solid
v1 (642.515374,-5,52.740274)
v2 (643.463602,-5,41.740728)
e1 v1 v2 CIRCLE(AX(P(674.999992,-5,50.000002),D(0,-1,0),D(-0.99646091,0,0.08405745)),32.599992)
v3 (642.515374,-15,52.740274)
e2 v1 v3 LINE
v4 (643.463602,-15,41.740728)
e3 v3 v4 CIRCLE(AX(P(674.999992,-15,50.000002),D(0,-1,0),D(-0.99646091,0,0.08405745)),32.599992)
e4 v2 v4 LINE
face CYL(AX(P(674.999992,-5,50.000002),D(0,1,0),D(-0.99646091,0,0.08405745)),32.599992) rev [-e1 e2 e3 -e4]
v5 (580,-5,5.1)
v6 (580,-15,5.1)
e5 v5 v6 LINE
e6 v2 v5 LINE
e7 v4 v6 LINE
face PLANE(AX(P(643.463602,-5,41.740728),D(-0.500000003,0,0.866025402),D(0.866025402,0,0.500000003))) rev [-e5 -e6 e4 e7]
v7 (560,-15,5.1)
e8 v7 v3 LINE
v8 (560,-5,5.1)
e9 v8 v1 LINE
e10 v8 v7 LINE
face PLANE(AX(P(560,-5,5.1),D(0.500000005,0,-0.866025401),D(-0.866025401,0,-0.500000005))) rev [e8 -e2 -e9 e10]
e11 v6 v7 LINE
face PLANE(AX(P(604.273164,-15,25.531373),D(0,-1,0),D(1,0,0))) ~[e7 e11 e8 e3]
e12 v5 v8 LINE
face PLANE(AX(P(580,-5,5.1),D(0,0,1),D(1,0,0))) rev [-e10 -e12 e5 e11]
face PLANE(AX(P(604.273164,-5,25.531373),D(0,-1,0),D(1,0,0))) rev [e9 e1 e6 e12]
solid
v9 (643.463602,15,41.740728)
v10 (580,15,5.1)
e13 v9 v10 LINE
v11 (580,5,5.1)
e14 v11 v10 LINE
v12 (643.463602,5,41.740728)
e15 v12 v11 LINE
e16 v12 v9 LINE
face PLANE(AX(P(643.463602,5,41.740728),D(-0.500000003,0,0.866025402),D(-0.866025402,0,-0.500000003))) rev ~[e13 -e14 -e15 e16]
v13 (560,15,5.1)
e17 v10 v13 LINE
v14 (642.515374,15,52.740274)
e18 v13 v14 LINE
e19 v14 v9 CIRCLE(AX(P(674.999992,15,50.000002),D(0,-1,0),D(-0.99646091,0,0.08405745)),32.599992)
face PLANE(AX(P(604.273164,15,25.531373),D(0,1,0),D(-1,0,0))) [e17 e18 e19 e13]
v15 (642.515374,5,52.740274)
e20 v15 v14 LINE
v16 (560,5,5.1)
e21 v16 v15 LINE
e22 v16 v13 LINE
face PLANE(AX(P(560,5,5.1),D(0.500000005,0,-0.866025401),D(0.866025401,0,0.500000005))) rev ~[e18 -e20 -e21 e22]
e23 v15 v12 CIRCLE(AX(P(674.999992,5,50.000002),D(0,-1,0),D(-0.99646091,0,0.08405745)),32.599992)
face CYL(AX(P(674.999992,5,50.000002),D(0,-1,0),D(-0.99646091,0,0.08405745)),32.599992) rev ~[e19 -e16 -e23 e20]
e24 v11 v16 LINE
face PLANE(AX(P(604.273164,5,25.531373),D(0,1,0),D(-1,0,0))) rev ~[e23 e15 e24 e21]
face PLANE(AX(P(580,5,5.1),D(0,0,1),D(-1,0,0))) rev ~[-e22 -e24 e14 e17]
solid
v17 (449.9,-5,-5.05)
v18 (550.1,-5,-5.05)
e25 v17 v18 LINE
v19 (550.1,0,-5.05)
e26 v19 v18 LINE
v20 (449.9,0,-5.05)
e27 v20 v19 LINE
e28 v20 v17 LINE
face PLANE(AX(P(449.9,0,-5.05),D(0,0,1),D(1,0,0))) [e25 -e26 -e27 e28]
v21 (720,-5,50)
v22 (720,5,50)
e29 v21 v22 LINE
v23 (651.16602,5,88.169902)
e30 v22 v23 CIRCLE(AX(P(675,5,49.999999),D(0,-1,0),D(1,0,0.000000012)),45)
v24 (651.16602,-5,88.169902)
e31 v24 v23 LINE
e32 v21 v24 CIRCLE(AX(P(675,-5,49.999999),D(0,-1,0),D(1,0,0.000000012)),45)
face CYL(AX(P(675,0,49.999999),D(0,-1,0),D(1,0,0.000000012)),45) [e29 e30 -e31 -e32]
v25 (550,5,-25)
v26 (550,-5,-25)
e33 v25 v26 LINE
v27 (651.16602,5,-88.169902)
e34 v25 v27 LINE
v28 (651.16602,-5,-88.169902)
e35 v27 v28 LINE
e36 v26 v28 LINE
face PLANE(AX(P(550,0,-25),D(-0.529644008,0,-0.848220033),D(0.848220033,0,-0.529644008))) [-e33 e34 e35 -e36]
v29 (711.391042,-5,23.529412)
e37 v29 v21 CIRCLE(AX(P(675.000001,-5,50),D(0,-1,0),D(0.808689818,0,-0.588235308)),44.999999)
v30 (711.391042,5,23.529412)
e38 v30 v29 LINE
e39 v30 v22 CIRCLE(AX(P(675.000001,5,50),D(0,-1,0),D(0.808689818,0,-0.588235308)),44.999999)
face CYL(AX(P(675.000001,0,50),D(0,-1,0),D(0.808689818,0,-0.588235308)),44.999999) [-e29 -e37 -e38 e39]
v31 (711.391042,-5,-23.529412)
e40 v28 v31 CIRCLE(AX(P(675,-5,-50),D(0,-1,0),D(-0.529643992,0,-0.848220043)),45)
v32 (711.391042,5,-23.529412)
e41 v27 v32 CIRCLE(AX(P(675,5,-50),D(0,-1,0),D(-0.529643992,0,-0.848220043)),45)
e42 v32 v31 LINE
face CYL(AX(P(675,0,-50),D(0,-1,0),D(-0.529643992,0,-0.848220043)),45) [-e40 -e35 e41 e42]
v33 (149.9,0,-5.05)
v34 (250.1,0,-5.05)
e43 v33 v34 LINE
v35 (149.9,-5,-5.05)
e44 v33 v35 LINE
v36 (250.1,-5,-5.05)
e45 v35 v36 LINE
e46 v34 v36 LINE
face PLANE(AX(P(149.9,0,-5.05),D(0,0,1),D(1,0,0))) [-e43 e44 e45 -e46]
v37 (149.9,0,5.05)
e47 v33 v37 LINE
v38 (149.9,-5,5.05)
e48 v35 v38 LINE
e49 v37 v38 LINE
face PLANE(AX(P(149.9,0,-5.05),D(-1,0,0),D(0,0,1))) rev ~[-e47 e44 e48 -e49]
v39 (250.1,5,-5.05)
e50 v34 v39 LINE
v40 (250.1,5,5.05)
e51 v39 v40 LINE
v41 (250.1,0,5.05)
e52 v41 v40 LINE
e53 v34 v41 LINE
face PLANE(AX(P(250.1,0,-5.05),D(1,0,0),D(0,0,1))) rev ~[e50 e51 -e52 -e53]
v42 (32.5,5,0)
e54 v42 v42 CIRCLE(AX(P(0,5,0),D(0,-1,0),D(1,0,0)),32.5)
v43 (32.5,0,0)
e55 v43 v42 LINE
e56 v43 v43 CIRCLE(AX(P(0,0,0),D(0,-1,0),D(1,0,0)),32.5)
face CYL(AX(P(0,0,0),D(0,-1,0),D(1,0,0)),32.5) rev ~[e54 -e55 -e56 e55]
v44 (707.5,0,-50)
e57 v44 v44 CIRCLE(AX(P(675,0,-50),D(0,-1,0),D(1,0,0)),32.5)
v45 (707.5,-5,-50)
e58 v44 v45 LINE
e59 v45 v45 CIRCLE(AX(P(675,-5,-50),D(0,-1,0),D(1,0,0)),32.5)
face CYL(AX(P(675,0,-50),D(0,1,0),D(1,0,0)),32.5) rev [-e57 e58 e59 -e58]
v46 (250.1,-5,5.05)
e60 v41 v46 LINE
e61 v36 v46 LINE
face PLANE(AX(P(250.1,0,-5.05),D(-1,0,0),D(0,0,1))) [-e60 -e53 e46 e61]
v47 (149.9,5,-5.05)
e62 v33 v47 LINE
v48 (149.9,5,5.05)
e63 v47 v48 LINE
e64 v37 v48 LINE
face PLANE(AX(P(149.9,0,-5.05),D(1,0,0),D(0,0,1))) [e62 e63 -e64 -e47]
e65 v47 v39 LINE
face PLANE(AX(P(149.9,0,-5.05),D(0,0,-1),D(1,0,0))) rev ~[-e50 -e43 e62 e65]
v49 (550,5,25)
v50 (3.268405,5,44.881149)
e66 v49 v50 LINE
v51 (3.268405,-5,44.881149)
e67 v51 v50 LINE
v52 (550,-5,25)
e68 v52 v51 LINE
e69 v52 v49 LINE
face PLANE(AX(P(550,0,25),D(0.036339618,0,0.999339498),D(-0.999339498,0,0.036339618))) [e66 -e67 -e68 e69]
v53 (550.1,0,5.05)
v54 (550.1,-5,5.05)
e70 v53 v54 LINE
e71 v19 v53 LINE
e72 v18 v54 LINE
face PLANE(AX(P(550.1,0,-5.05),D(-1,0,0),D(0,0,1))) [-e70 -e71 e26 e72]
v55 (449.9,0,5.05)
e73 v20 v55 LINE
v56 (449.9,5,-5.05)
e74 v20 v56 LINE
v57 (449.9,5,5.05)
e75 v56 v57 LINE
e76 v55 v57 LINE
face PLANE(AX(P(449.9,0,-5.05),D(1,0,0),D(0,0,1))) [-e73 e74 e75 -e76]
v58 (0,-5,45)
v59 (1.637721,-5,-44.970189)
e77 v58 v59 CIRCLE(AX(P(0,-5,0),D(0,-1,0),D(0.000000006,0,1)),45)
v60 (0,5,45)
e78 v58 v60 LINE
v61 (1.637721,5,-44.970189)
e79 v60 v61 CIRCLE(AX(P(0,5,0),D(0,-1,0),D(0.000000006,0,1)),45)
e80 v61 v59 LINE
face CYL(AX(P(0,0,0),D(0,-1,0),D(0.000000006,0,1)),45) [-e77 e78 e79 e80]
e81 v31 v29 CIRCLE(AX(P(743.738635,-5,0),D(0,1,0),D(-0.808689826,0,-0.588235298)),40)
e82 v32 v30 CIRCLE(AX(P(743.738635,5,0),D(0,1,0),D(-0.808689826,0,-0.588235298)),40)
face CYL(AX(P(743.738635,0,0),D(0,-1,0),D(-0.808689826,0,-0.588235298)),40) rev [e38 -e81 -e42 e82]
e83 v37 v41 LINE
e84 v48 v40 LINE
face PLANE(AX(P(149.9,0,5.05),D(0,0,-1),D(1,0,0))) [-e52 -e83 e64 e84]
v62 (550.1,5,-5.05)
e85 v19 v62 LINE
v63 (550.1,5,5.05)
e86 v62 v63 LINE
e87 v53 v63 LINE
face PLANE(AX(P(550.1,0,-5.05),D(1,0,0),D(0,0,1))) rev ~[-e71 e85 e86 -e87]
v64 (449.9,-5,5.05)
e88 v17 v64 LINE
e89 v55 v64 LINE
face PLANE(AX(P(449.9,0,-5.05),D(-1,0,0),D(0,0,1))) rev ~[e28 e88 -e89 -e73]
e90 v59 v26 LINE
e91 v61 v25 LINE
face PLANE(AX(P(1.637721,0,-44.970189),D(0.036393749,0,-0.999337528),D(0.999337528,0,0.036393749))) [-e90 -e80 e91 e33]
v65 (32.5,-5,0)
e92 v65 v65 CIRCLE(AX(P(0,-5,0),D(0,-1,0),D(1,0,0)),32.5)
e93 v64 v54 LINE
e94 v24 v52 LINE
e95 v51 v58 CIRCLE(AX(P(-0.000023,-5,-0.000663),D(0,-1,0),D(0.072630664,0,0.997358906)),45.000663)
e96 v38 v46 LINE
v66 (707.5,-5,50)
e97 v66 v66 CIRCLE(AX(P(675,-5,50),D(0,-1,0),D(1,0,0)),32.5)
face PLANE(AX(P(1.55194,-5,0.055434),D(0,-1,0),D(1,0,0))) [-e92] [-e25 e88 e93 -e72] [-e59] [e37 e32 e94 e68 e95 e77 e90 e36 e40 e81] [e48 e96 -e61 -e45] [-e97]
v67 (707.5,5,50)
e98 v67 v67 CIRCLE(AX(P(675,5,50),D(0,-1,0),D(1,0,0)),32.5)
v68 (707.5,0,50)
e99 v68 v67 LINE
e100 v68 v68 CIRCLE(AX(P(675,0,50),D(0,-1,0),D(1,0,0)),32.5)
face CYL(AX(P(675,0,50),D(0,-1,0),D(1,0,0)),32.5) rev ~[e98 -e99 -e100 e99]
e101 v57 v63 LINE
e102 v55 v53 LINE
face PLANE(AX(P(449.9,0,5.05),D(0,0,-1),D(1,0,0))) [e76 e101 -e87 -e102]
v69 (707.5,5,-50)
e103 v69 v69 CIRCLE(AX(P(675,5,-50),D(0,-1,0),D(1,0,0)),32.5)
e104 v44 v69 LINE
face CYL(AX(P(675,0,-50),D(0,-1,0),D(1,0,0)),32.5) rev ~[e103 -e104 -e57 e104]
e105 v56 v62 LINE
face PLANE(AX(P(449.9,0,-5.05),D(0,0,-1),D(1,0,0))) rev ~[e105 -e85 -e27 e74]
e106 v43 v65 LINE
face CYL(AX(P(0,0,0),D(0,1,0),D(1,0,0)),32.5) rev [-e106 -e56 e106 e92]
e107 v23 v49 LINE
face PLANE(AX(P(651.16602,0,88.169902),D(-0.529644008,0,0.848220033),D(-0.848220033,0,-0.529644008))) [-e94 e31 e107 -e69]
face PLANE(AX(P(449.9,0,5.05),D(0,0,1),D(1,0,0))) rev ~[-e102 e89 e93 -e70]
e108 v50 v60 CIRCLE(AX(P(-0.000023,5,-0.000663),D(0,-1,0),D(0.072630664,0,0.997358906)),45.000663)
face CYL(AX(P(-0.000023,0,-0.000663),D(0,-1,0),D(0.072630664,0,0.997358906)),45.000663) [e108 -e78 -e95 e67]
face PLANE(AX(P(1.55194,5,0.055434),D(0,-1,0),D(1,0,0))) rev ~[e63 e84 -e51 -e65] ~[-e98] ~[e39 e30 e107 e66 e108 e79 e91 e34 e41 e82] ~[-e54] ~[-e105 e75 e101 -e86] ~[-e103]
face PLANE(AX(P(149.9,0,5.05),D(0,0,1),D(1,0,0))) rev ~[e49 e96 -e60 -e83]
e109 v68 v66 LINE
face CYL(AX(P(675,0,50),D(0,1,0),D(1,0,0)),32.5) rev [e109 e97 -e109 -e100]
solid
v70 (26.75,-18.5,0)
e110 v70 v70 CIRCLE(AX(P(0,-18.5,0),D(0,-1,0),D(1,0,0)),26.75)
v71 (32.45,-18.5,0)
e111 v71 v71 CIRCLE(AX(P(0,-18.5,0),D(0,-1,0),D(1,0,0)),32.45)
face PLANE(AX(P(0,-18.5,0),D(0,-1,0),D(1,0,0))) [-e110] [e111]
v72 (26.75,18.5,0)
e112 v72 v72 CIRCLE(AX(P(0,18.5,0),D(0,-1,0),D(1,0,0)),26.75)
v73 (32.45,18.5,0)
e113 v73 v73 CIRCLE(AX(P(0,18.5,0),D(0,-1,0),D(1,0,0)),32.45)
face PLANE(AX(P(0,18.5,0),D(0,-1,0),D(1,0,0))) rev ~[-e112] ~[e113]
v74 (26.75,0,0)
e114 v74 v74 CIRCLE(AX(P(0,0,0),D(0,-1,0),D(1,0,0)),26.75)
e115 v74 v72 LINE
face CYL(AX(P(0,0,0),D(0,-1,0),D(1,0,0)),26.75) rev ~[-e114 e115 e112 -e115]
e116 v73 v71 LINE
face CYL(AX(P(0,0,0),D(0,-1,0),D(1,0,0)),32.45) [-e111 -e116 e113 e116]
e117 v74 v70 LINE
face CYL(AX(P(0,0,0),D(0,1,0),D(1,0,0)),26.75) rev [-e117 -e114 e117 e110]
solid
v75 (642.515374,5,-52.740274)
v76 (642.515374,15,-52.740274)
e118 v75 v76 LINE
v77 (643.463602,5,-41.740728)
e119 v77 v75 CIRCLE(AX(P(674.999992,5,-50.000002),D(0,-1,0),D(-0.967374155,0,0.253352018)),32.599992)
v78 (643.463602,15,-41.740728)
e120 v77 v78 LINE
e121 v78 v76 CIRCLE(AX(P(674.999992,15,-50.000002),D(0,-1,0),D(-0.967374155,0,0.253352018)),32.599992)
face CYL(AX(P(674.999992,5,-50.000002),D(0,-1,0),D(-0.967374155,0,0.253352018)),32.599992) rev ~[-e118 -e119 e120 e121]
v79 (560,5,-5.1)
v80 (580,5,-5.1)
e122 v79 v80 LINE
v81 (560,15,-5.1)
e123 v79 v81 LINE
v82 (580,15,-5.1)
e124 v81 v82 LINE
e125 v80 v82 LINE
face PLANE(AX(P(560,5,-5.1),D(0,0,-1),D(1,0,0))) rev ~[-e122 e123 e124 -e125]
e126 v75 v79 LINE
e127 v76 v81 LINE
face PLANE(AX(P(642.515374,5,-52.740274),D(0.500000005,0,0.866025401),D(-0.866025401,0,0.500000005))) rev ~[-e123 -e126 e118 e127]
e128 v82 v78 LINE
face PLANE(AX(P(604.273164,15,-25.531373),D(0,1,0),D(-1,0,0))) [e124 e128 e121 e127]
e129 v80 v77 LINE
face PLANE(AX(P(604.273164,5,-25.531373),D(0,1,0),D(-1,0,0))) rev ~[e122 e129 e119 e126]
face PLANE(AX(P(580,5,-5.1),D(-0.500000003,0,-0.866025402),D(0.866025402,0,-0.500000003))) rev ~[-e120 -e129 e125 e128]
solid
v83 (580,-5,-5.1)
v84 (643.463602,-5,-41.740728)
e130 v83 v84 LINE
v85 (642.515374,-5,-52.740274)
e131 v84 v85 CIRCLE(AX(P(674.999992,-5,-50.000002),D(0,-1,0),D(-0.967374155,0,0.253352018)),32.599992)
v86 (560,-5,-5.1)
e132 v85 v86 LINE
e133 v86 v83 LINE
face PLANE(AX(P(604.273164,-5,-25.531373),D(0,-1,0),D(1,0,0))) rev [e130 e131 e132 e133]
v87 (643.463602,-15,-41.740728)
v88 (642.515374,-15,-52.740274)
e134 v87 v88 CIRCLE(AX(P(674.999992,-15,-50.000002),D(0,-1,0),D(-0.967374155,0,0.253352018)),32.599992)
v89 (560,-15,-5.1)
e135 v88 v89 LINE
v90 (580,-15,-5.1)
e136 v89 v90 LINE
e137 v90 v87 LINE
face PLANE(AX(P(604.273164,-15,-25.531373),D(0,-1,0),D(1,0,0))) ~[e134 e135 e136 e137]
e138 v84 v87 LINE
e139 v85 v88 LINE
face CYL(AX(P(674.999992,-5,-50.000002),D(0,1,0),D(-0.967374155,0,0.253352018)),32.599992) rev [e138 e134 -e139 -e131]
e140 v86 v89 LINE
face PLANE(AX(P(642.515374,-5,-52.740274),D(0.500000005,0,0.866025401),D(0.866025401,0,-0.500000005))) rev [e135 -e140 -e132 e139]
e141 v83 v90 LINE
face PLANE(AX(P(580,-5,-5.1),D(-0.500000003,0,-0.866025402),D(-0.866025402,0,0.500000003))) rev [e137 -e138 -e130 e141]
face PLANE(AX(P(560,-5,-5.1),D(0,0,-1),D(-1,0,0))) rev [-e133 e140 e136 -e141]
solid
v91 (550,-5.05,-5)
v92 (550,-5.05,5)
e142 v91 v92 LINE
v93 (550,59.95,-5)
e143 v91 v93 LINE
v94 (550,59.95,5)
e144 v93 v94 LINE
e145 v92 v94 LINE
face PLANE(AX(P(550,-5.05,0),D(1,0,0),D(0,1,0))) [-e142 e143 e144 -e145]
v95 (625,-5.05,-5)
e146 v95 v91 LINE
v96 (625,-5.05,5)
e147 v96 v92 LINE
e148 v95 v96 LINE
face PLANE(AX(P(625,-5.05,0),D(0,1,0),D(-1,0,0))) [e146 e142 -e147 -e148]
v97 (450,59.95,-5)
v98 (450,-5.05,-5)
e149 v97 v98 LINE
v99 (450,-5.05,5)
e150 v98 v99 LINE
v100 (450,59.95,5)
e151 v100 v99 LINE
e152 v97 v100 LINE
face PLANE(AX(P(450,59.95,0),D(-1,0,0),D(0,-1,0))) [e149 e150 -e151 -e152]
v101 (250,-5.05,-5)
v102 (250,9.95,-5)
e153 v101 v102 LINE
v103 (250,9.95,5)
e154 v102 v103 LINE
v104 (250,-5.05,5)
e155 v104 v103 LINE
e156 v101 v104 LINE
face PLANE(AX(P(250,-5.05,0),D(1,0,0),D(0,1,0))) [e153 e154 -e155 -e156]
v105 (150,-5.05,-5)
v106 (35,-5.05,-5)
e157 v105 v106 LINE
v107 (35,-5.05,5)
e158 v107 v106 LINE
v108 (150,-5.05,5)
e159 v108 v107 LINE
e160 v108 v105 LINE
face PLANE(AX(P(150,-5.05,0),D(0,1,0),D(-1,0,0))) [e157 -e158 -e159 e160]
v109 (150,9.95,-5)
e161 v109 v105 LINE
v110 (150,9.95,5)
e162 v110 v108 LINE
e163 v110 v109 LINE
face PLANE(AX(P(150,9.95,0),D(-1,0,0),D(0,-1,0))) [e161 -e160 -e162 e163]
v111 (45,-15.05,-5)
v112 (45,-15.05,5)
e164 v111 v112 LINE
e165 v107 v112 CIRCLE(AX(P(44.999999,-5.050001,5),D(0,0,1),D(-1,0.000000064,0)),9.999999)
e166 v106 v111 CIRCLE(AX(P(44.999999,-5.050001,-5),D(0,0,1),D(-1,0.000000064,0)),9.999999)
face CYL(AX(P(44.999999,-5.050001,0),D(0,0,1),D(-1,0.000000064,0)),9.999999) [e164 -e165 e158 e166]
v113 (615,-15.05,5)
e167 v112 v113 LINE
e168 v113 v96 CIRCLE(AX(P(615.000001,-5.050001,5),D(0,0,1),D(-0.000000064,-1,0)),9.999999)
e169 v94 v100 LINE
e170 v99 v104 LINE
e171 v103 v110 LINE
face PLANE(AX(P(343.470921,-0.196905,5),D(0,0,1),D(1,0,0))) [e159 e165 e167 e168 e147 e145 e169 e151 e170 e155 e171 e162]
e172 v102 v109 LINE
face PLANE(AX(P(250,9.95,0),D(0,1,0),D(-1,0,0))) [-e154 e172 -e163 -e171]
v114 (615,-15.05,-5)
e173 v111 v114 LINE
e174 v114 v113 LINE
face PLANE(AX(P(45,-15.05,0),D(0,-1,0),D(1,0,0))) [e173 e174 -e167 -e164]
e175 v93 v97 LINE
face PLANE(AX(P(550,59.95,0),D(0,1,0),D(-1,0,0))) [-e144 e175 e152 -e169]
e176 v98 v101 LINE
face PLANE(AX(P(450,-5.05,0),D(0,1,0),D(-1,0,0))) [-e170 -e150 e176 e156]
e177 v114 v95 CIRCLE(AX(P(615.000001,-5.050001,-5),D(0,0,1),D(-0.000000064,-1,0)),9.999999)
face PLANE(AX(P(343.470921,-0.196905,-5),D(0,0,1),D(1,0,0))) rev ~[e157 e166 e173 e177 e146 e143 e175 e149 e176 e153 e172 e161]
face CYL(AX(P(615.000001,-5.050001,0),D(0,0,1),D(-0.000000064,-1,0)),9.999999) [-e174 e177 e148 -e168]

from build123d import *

# Parameters (mm, degrees)
F0_R          = 32.5
F0_W          = 100.2
F0_H          = 10.1
F1_DEPTH      = 5
F1_DEPTH_BACK = 5
F3_DEPTH      = 5
F3_DEPTH_BACK = 5
F5_DEPTH      = 10
F7_R          = 32.45
F7_R_2        = 26.75
F8_DEPTH      = 18.5
F8_DEPTH_BACK = 18.5


with BuildPart() as f1:
    # F0 (on Front) → F1 (new body, two sides)
    with BuildSketch(Plane.XZ) as f1_sk:
        with BuildLine():
            ThreePointArc((1.637721, -44.970189), (32.393652, -31.235417), (45, 0))
            ThreePointArc((45, 0), (32.955108, 30.642469), (3.268405, 44.881149))
            Line((3.268405, 44.881149), (0, 45))
            ThreePointArc((0, 45), (-44.992547, -0.818996), (1.637721, -44.970189))
        make_face()
        Circle(F0_R, mode=Mode.SUBTRACT)
        with BuildLine():
            ThreePointArc((3.268405, 44.881149), (32.955108, 30.642469), (45, 0))
            ThreePointArc((45, 0), (32.393652, -31.235417), (1.637721, -44.970189))
            Line((1.637721, -44.970189), (550, -25))
            Line((550, -25), (651.16602, -88.169902))
            ThreePointArc((651.16602, -88.169902), (707.924431, -80.675427), (711.391042, -23.529412))
            ThreePointArc((711.391042, -23.529412), (703.738635, 0), (711.391042, 23.529412))
            ThreePointArc((711.391042, 23.529412), (642.075569, 19.324573), (651.16602, 88.169902))
            Line((651.16602, 88.169902), (550, 25))
            Line((550, 25), (3.268405, 44.881149))
        make_face()
        with Locations((200, 0)):
            Rectangle(F0_W, F0_H, mode=Mode.SUBTRACT)
        with Locations((675, -50)):
            Circle(F0_R, mode=Mode.SUBTRACT)
        with Locations((500, 0)):
            Rectangle(F0_W, F0_H, mode=Mode.SUBTRACT)
        with BuildLine():
            Line((0, 45), (3.268405, 44.881149))
            ThreePointArc((3.268405, 44.881149), (1.635283, 44.970277), (0, 45))
        make_face()
        with BuildLine():
            ThreePointArc((720, 50), (696.822819, 89.354346), (651.16602, 88.169902))
            ThreePointArc((651.16602, 88.169902), (642.075569, 19.324573), (711.391042, 23.529412))
            ThreePointArc((711.391042, 23.529412), (717.793673, 36.08233), (720, 50))
        make_face()
        with Locations((675, 50)):
            Circle(F0_R, mode=Mode.SUBTRACT)
    extrude(amount=F1_DEPTH)
    extrude(f1_sk.sketch, amount=-F1_DEPTH_BACK)


with BuildPart() as f3:
    # F2 (on Top) → F3 (new body, two sides)
    with BuildSketch(Plane.XY) as f3_sk:
        with BuildLine():
            ThreePointArc((35, -5.05), (37.928932, -12.121068), (45, -15.05))
            Line((45, -15.05), (615, -15.05))
            ThreePointArc((615, -15.05), (622.071068, -12.121068), (625, -5.05))
            Line((625, -5.05), (550, -5.05))
            Line((550, -5.05), (550, 59.95))
            Line((550, 59.95), (450, 59.95))
            Line((450, 59.95), (450, -5.05))
            Line((450, -5.05), (250, -5.05))
            Line((250, -5.05), (250, 9.95))
            Line((250, 9.95), (150, 9.95))
            Line((150, 9.95), (150, -5.05))
            Line((150, -5.05), (35, -5.05))
        make_face()
    extrude(amount=F3_DEPTH)
    extrude(f3_sk.sketch, amount=-F3_DEPTH_BACK)


with BuildPart() as f5:
    # F4 (on face) → F5 (new body)
    with BuildSketch(Plane(origin=(0, 5, 0), x_dir=(-1, 0, 0), z_dir=(0, 1, 0))):
        with BuildLine():
            Line((-580, -5.1), (-643.463602, -41.740728))
            ThreePointArc((-643.463602, -41.740728), (-642.520462, -47.200068), (-642.515374, -52.740274))
            Line((-642.515374, -52.740274), (-560, -5.1))
            Line((-560, -5.1), (-580, -5.1))
        make_face()
        with BuildLine():
            Line((-643.463602, 41.740728), (-580, 5.1))
            Line((-580, 5.1), (-560, 5.1))
            Line((-560, 5.1), (-642.515374, 52.740274))
            ThreePointArc((-642.515374, 52.740274), (-642.520462, 47.200068), (-643.463602, 41.740728))
        make_face()
    extrude(amount=F5_DEPTH)


with BuildPart() as f6_1:
    # F6: instance of F5
    add(f5.part.mirror(Plane.XZ))


with BuildPart() as f8:
    # F7 (on Front) → F8 (new body, two sides)
    with BuildSketch(Plane.XZ) as f8_sk:
        Circle(F7_R)
        Circle(F7_R_2, mode=Mode.SUBTRACT)
    extrude(amount=F8_DEPTH)
    extrude(f8_sk.sketch, amount=-F8_DEPTH_BACK)


solid = Compound([f1.part, f3.part, f5.part, f6_1.part, f8.part])
